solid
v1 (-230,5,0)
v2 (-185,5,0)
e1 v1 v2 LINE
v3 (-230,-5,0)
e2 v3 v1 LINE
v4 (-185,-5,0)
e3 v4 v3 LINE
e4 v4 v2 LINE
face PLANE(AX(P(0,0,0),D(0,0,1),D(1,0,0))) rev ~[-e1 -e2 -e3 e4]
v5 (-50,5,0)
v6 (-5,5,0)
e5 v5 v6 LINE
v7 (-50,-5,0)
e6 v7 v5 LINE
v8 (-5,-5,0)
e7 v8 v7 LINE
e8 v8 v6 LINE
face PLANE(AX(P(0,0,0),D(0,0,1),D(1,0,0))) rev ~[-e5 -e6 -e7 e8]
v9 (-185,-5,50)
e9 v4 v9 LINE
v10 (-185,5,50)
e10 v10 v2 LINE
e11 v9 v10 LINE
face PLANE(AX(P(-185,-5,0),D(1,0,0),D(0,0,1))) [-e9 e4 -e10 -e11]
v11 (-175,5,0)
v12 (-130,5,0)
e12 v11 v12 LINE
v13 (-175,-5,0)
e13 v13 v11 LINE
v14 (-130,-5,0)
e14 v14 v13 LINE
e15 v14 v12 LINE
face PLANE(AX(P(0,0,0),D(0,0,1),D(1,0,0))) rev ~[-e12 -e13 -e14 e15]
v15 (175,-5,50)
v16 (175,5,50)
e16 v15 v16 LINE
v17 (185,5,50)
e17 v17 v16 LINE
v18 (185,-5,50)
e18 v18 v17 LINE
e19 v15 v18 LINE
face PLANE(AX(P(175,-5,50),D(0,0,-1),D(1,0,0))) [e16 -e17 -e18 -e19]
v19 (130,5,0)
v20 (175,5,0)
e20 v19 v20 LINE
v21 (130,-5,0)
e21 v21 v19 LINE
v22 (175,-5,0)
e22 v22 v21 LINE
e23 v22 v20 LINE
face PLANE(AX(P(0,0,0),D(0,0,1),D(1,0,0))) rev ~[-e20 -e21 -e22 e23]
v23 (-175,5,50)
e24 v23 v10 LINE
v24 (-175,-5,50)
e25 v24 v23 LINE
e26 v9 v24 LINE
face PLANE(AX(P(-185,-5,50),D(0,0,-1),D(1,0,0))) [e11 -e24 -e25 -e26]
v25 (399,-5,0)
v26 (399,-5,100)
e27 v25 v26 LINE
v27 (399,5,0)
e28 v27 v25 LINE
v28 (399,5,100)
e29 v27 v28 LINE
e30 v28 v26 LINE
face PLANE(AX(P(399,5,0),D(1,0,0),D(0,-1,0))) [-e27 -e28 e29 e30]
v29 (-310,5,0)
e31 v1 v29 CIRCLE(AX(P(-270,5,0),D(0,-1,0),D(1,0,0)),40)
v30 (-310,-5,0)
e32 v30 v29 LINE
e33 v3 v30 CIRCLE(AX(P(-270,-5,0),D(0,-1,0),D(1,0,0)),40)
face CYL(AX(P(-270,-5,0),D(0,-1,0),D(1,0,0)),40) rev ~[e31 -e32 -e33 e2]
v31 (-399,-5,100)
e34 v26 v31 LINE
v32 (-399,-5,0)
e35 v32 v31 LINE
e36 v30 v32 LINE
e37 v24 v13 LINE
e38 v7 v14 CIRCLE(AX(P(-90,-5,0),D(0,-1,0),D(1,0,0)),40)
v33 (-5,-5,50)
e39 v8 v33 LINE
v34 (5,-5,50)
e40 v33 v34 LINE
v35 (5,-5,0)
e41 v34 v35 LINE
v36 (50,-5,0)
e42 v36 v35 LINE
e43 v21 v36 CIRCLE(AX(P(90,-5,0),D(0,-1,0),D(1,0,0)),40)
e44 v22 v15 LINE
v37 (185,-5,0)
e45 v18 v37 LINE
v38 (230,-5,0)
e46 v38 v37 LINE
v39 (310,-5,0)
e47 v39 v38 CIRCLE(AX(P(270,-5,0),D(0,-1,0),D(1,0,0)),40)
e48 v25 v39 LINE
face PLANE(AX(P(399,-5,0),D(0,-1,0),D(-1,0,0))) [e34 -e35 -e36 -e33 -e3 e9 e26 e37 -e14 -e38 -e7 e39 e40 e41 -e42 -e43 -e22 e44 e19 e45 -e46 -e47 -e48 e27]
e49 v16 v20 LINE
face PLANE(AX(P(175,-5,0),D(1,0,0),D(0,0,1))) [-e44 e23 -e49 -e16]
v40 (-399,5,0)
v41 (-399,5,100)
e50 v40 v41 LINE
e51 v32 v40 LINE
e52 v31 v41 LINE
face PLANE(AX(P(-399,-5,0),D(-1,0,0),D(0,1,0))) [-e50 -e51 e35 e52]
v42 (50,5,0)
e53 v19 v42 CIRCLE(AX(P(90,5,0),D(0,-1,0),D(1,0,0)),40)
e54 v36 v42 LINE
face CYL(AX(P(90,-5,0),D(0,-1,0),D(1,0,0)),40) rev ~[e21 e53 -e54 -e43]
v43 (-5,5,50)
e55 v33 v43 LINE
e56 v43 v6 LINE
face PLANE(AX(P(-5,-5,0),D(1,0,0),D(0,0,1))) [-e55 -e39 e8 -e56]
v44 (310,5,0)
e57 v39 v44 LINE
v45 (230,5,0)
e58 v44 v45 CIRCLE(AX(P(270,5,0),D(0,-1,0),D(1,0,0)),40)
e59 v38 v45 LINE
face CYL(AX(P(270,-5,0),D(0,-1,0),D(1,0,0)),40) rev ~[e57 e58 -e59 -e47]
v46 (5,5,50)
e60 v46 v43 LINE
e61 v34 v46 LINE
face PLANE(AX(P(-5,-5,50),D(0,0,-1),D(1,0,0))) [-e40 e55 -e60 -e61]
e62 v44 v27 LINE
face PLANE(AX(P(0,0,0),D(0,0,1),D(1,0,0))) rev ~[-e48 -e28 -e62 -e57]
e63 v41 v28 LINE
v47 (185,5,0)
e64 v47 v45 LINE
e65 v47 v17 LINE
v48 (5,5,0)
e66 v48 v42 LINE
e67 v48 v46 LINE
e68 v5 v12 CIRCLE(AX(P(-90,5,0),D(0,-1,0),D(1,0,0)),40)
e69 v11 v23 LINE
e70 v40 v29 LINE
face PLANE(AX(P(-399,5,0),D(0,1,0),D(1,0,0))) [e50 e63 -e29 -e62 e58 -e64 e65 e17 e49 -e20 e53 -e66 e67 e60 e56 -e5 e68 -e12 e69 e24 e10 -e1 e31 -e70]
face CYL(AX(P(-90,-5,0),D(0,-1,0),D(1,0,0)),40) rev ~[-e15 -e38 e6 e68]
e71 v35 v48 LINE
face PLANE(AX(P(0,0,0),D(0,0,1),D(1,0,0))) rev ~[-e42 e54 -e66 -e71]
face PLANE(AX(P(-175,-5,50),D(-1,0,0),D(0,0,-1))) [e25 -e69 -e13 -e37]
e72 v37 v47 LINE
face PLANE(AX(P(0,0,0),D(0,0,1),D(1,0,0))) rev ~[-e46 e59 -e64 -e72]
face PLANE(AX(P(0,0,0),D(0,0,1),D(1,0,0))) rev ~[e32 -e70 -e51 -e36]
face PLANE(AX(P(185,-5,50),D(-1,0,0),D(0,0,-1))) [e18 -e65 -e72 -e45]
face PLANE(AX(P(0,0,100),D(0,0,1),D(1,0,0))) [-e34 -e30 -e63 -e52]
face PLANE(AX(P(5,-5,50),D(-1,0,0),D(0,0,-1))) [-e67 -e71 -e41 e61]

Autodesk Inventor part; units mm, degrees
ref_plane "YZ Plane" through (0, 0, 0) normal (1, 0, 0) x (0, 1, 0)
ref_plane "XZ Plane" through (0, 0, 0) normal (0, 1, 0) x (-1, 0, 0)
ref_plane "XY Plane" through (0, 0, 0) normal (0, 0, 1) x (1, 0, 0)
sketch "Sketch1" plane through (0, 0, 0) normal (0, 0, 1) x (1, 0, 0)
  circle A0 centre (0, 0) radius 400 construction
  line L0 (-399, 5) -> (399, 5)
  line L1 (399, 5) -> (399, -5)
  line L2 (399, -5) -> (-399, -5)
  line L3 (-399, -5) -> (-399, 5)
  line L4 (-399, 5) -> (399, -5) construction
  dimension "d0" = 800
  dimension "d1" = 10
  dimension "d2" = 798
extrude "Extrusion1" add sketch "Sketch1" along normal blind 100
sketch "Sketch2" plane through (-399, -5, 0) normal (0, -1, 0) x (1, 0, 0)
  circle A0 centre (309, 0) radius 40
  line L0 (0, 0) -> (798, 0) projected
  circle A1 centre (129, 0) radius 40
  circle A2 centre (489, 0) radius 40
  circle A3 centre (669, 0) radius 40
  line L1 (394, 50) -> (404, 50)
  line L2 (404, 50) -> (404, 0)
  line L3 (404, 0) -> (394, 0)
  line L4 (394, 0) -> (394, 50)
  line L5 (214, 50) -> (224, 50)
  line L6 (224, 50) -> (224, 0)
  line L7 (224, 0) -> (214, 0)
  line L8 (214, 0) -> (214, 50)
  line L9 (574, 50) -> (584, 50)
  line L10 (584, 50) -> (584, 0)
  line L11 (584, 0) -> (574, 0)
  line L12 (574, 0) -> (574, 50)
  point P0 (399, 0)
  point P1 (399, 0)
  point P2 (399, 0)
  point P3 (399, 0)
  point P4 (709, 0)
  point P5 (629, 0)
  point P6 (529, 0)
  point P7 (449, 0)
  point P8 (269, 0)
  point P9 (349, 0)
  point P10 (169, 0)
  point P11 (89, 0)
  point P12 (399, 0)
  point P13 (219, 0)
  point P14 (399, 0)
  point P15 (399, 0)
  point P16 (579, 0)
  point P17 (399, 0)
  point P18 (399, 0)
  point P19 (574, 0)
  point P20 (584, 0)
  point P21 (214, 0)
  point P22 (224, 0)
  dimension "d5" = 80
  dimension "d7" = 90
  dimension "d8" = 80
  dimension "d9" = 180
  dimension "d10" = 80
  dimension "d11" = 80
  dimension "d12" = 90
  dimension "d13" = 180
  dimension "d24" = 10
  dimension "d25" = 50
  dimension "d26" = 10
  dimension "d27" = 50
  dimension "d28" = 180
  dimension "d29" = 10
  dimension "d30" = 50
  dimension "d31" = 180
extrude "Extrusion2" cut sketch "Sketch2" against normal through all contours L0 A0 | L0 A1 | L0 L8 L5 L6 | A3 L0 | L12 L9 L10 L0 | A2 L0 | L4 L1 L2 L0 picked at (302.3333, 20.5179) picked at (130.5738, 20.5179) picked at (658.2131, 7.8371) picked at (497.9217, 9.9086)
equation "\"d26\" = d24"
equation "\"d27\" = d25"
equation "\"d29\" = d24"
equation "\"d30\" = d25"
equation "\"BendReliefWidth\" = Thickness"
equation "\"BendReliefDepth\" = 0.5 * Thickness"
equation "\"CornerReliefSize\" = 4 * Thickness"
equation "\"MinimumRemnant\" = 2 * Thickness"
equation "\"TransitionRadius\" = BendRadius"
equation "\"JacobiRadiusSize\" = BendRadius"
equation "\"GapSize\" = Thickness"
equation "\"Thickness\" = 2"
equation "\"BendRadius\" = 2.75"
properties part number "BSH 084 amplifier bottom" material "Stainless Steel"
